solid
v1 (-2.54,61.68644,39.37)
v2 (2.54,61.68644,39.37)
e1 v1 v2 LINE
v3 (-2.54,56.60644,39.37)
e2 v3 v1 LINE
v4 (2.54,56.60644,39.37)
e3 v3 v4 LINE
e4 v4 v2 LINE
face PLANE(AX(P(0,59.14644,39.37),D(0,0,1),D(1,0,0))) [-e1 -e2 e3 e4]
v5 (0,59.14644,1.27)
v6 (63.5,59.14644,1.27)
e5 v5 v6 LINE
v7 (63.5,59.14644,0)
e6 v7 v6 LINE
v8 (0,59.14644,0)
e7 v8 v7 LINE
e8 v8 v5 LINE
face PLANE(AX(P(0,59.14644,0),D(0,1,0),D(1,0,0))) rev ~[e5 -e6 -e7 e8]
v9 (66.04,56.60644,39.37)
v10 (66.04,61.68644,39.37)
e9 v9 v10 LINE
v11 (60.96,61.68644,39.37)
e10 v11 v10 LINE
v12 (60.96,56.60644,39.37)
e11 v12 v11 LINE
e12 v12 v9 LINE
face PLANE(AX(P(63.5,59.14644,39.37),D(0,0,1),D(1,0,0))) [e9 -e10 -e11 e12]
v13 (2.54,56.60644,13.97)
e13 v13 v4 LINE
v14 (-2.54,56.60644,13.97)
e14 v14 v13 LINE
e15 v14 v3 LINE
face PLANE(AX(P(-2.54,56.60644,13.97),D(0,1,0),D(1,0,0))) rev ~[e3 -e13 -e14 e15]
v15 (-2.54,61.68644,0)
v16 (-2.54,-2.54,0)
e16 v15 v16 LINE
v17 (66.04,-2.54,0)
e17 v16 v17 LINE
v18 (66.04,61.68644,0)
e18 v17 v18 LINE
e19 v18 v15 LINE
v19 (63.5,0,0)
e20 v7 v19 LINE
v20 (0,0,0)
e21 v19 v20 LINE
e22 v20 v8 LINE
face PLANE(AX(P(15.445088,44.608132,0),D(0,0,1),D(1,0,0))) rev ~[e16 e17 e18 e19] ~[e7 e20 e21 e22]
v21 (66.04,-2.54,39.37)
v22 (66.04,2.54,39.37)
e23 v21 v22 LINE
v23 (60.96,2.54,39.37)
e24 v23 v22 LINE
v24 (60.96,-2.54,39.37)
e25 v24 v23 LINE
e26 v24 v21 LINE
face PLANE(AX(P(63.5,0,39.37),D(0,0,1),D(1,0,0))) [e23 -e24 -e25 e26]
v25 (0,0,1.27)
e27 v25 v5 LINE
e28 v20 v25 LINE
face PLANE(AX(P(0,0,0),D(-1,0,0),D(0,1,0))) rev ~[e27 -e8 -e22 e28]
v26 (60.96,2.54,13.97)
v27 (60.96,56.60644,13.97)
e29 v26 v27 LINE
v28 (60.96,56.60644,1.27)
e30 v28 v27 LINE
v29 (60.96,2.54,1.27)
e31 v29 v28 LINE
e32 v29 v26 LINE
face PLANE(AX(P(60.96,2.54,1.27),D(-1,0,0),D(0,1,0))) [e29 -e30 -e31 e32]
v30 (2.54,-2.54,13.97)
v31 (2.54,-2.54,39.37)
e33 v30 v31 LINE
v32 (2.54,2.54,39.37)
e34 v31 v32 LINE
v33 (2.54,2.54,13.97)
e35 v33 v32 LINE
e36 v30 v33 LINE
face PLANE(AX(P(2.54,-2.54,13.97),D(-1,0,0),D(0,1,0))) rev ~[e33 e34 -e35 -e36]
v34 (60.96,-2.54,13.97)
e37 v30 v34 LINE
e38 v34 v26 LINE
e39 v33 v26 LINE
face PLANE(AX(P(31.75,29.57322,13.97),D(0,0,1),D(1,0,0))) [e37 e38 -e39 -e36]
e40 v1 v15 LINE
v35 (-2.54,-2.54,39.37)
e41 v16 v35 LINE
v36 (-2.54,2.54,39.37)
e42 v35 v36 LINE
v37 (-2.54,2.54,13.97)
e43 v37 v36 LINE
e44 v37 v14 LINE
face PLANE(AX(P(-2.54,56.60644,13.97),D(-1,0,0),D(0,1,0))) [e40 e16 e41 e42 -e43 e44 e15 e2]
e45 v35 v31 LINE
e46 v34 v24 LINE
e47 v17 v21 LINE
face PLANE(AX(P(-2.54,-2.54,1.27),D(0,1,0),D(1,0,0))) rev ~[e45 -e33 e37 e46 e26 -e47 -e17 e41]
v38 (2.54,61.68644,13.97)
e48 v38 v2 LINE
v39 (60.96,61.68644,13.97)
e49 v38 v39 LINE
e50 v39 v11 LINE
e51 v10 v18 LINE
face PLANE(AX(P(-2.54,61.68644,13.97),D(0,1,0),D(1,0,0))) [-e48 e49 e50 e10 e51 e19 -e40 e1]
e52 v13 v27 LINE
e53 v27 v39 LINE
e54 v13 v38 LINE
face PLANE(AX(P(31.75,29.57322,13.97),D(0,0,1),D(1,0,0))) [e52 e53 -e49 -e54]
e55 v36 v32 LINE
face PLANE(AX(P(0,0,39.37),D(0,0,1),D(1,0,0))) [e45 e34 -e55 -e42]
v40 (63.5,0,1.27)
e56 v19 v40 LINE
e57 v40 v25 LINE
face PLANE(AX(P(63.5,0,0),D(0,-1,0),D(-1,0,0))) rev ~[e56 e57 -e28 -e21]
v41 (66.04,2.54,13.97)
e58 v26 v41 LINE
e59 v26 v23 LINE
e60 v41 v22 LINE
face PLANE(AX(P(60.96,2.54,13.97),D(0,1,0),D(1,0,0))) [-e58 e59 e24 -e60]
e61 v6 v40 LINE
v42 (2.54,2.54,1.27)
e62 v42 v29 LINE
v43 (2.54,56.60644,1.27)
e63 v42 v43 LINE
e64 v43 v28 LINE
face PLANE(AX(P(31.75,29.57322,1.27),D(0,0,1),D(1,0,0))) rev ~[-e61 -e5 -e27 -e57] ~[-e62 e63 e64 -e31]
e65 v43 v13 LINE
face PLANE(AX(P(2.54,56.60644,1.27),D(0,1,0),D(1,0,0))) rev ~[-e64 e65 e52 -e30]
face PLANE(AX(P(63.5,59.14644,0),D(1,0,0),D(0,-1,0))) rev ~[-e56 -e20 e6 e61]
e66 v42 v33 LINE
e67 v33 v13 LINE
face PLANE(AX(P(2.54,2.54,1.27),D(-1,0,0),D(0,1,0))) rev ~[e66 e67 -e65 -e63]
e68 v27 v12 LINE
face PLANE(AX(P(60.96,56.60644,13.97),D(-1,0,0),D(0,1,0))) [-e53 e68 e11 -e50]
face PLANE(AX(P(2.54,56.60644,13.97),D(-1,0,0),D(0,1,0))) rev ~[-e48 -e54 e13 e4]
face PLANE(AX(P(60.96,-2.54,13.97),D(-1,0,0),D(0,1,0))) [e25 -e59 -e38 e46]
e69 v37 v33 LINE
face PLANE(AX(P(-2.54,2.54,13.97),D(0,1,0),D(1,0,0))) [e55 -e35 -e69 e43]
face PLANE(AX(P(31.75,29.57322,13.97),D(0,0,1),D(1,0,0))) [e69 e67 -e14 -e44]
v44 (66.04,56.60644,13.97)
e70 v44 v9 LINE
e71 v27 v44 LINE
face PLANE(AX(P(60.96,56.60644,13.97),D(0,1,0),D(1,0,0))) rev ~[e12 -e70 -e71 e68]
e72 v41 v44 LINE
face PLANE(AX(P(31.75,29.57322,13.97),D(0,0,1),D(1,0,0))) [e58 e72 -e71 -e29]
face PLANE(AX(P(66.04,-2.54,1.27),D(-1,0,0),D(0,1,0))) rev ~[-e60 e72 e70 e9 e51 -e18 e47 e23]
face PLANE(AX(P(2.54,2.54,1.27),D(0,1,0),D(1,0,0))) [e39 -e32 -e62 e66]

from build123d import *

# Parameters (mm, degrees)
F1_DEPTH = 1.27
F2_W     = 68.58
F2_H     = 64.22644
F2_W_2   = 63.5
F2_H_2   = 59.14644
F2_W_3   = 58.42
F2_H_3   = 54.06644
F3_DEPTH = 12.7
F4_W     = 5.08
F4_H     = 5.08
F5_DEPTH = 25.4


with BuildPart() as f1:
    # F0 (on Top) → F1 (new body)
    with BuildSketch(Plane.XY):
        Polygon((0, -2.54), (0, 0), (0, 59.14644), (63.5, 59.14644), (63.5, 61.68644), (-2.54, 61.68644), (-2.54, 0), (-2.54, -2.54), align=None)
        Polygon((63.5, 0), (0, 0), (0, -2.54), (66.04, -2.54), (66.04, 59.14644), (66.04, 61.68644), (63.5, 61.68644), (63.5, 59.14644), align=None)
    extrude(amount=F1_DEPTH)

    # F2 (on face) → F3 (join)
    with BuildSketch(Plane.XY.offset(1.27)):
        with Locations((31.75, 29.57322)):
            Rectangle(F2_W, F2_H)
        with Locations((31.75, 29.57322)):
            Rectangle(F2_W_2, F2_H_2, mode=Mode.SUBTRACT)
        with Locations((31.75, 29.57322)):
            Rectangle(F2_W_2, F2_H_2)
        with Locations((31.75, 29.57322)):
            Rectangle(F2_W_3, F2_H_3, mode=Mode.SUBTRACT)
    extrude(amount=F3_DEPTH)

    # F4 (on face) → F5 (join)
    with BuildSketch(Plane.XY.offset(13.97)):
        with Locations((0, 59.14644)):
            Rectangle(F4_W, F4_H)
        Rectangle(F4_W, F4_H)
        with Locations((63.5, 0)):
            Rectangle(F4_W, F4_H)
        with Locations((63.5, 59.14644)):
            Rectangle(F4_W, F4_H)
    extrude(amount=F5_DEPTH)


solid = f1.part
